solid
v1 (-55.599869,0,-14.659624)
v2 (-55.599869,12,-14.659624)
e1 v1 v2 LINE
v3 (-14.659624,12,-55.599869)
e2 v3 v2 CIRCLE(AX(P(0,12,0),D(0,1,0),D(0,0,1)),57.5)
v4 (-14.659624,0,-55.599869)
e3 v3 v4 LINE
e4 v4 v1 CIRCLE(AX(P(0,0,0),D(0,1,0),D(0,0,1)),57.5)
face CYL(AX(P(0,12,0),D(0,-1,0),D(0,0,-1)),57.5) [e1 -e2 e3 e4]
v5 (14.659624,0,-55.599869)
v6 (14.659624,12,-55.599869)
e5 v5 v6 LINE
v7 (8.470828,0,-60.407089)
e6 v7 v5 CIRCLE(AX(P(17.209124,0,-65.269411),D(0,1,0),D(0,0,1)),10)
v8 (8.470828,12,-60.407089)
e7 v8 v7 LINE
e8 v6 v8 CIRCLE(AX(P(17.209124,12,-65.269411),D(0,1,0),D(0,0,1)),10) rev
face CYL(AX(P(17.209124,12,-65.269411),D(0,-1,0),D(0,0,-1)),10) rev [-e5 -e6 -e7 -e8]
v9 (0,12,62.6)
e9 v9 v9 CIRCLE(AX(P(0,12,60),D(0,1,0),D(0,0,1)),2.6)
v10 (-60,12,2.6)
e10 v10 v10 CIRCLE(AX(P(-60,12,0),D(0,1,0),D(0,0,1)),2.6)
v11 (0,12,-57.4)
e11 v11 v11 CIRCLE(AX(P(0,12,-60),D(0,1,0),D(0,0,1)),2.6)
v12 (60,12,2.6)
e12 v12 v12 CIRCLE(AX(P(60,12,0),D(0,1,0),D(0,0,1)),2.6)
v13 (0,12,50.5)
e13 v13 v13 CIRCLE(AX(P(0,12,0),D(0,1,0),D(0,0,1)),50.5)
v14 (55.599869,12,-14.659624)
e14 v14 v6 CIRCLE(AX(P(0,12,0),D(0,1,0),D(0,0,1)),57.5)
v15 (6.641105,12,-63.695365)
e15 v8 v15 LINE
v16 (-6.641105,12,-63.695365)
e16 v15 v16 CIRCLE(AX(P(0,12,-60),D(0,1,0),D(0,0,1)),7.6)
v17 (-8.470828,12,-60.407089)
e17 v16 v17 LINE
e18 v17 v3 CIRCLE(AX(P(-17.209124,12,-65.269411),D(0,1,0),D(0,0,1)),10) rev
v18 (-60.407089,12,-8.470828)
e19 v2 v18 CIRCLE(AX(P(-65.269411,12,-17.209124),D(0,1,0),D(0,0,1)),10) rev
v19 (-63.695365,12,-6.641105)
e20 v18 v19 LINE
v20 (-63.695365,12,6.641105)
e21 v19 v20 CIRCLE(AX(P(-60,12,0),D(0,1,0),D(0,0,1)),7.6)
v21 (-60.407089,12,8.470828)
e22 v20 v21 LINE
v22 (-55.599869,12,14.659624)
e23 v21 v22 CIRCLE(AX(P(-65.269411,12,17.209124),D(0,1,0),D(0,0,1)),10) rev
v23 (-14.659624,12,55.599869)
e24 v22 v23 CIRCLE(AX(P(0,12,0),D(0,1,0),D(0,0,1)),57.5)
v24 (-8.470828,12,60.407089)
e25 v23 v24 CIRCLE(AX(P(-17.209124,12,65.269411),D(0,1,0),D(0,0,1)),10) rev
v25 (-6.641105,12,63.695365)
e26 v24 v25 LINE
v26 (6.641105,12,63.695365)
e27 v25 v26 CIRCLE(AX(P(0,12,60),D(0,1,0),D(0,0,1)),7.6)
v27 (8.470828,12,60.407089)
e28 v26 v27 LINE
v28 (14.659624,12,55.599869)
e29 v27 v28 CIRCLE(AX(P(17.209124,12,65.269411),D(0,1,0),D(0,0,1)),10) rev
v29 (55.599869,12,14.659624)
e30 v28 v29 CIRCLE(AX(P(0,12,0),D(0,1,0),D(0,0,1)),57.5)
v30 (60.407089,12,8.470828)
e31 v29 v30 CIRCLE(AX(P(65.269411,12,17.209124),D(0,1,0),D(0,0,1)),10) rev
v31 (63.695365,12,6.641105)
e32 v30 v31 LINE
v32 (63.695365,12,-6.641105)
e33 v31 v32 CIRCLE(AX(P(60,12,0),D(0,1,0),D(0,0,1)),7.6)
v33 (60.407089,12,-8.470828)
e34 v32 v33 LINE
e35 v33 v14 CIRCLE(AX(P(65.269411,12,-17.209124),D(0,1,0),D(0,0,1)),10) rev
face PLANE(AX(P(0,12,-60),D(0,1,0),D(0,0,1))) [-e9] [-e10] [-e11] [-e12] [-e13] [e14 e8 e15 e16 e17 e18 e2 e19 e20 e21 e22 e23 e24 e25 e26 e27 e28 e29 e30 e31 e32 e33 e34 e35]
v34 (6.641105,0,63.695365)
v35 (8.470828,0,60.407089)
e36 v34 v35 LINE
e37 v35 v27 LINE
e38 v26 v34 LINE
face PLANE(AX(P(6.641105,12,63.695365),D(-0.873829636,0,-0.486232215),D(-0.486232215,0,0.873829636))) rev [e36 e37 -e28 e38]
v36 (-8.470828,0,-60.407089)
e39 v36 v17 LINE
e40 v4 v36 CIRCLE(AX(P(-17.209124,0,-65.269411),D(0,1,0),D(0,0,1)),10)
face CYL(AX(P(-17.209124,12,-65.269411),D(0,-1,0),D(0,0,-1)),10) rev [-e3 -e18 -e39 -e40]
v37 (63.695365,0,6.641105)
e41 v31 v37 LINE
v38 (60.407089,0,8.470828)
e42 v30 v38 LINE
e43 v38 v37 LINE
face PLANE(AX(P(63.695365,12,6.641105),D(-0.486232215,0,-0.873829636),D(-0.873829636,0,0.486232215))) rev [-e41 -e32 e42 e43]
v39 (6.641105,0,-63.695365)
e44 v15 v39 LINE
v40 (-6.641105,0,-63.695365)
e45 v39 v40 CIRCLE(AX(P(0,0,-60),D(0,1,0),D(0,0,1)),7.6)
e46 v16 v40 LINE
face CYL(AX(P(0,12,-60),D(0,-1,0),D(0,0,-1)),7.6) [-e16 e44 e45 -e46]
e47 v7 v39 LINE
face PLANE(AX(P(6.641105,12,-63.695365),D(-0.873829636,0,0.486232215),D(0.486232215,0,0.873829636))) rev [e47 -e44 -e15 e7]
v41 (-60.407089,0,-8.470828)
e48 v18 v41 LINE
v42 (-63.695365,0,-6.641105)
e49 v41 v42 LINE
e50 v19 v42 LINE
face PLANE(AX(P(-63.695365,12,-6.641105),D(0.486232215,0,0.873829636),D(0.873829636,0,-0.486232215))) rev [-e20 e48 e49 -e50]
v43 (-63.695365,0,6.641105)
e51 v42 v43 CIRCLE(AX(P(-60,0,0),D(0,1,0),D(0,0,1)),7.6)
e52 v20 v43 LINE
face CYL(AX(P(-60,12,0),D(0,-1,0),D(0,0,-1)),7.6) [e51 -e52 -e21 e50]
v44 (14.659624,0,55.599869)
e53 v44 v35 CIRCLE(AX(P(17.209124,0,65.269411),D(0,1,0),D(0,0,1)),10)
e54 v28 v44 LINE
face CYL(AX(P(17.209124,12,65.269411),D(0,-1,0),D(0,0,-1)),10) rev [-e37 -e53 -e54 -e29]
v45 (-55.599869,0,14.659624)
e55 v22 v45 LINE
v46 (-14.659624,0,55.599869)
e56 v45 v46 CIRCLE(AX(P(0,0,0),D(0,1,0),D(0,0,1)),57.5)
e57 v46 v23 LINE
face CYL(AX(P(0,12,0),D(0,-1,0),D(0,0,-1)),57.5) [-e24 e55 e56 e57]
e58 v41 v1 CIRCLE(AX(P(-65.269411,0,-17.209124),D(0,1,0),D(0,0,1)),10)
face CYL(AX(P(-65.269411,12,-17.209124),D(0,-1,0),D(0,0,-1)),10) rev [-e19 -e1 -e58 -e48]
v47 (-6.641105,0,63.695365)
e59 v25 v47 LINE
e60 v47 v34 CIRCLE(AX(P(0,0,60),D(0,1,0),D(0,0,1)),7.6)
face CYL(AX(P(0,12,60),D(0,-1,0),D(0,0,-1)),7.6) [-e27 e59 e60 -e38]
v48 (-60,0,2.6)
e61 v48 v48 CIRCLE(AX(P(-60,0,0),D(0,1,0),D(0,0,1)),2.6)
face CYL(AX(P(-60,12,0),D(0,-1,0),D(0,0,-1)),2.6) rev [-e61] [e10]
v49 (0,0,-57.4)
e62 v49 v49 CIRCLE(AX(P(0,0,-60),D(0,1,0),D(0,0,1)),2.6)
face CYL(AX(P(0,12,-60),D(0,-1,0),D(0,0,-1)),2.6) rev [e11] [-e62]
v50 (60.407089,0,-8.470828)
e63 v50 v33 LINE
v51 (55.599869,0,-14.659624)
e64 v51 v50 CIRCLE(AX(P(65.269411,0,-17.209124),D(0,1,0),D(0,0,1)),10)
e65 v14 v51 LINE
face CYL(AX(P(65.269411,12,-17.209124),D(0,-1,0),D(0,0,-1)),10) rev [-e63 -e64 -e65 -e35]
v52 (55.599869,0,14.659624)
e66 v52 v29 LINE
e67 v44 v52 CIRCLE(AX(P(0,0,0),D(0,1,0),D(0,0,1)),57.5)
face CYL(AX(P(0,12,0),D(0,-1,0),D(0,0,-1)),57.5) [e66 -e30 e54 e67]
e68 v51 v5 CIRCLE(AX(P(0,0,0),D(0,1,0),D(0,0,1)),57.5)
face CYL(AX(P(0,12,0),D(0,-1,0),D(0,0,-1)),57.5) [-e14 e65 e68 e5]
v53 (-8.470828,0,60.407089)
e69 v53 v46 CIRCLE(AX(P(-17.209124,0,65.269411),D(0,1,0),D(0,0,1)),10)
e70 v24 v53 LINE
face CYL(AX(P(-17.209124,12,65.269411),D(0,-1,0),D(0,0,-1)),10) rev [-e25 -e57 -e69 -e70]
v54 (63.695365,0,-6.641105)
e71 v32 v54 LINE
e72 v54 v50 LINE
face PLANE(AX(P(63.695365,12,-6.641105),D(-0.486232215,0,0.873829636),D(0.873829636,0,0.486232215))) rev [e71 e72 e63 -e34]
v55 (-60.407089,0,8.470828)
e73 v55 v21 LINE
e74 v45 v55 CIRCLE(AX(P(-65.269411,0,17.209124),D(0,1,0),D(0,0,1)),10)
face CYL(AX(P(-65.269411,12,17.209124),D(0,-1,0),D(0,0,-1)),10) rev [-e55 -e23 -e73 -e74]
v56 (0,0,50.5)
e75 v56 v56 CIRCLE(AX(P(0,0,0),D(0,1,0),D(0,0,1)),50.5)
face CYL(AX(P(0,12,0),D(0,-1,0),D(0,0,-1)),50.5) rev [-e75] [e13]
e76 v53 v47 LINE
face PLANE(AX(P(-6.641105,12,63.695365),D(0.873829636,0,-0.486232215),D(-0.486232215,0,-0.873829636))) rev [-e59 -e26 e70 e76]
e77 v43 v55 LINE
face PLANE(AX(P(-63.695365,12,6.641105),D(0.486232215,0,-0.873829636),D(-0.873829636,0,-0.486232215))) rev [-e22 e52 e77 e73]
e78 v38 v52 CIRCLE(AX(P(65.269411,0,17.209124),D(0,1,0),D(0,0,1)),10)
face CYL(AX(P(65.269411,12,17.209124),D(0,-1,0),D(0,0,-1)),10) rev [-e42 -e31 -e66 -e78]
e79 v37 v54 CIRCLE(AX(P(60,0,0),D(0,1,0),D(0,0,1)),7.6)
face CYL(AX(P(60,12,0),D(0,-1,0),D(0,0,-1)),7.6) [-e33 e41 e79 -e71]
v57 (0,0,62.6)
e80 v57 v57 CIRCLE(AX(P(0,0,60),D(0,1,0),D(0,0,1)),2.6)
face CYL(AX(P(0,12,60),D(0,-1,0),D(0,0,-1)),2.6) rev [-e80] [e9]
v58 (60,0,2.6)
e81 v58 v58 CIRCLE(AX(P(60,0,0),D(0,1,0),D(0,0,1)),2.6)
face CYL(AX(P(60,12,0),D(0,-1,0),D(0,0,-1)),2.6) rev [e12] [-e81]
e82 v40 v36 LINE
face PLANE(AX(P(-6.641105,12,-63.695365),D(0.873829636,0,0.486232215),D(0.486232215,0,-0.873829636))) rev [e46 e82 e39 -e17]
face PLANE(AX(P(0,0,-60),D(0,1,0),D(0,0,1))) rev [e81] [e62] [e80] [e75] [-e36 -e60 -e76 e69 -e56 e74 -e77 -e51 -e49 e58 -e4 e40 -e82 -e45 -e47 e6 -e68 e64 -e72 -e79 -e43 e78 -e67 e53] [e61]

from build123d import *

# Parameters (mm, degrees)
SKETCH_1_R      = 50.5
SKETCH_1_R_2    = 2.6
EXTRUDE_1_DEPTH = 12
FILLET_1_R      = 10


with BuildPart() as part:
    # ｽｹｯﾁ1 → ﾎﾞｽ - 押し出し1 (new body)
    with BuildSketch(Plane(origin=(0, 0, 0), x_dir=(1, 0, 0), z_dir=(0, 1, 0))):
        with BuildLine():
            Line((-6.641105235, 63.695364835), (-10.641105235, 56.506786136))
            ThreePointArc((-10.641105235, 56.506786136), (-40.658639918, 40.658639918), (-56.506786136, 10.641105235))
            Line((-56.506786136, 10.641105235), (-63.695364835, 6.641105235))
            ThreePointArc((-63.695364835, 6.641105235), (-67.6, 0), (-63.695364835, -6.641105235))
            Line((-63.695364835, -6.641105235), (-56.506786136, -10.641105235))
            ThreePointArc((-56.506786136, -10.641105235), (-40.658639918, -40.658639918), (-10.641105235, -56.506786136))
            Line((-10.641105235, -56.506786136), (-6.641105235, -63.695364835))
            ThreePointArc((-6.641105235, -63.695364835), (0, -67.6), (6.641105235, -63.695364835))
            Line((6.641105235, -63.695364835), (10.641105235, -56.506786136))
            ThreePointArc((10.641105235, -56.506786136), (40.658639918, -40.658639918), (56.506786136, -10.641105235))
            Line((56.506786136, -10.641105235), (63.695364835, -6.641105235))
            ThreePointArc((63.695364835, -6.641105235), (67.6, 0), (63.695364835, 6.641105235))
            Line((63.695364835, 6.641105235), (56.506786136, 10.641105235))
            ThreePointArc((56.506786136, 10.641105235), (40.658639918, 40.658639918), (10.641105235, 56.506786136))
            Line((10.641105235, 56.506786136), (6.641105235, 63.695364835))
            ThreePointArc((6.641105235, 63.695364835), (0, 67.6), (-6.641105235, 63.695364835))
        make_face()
        with Locations(Location((0, 0, 0), (0, 0, 270))):
            Circle(SKETCH_1_R, mode=Mode.SUBTRACT)
        with Locations(Location((0, 60, 0), (0, 0, 270))):
            Circle(SKETCH_1_R_2, mode=Mode.SUBTRACT)
        with Locations(Location((60, 0, 0), (0, 0, 270))):
            Circle(SKETCH_1_R_2, mode=Mode.SUBTRACT)
        with Locations(Location((0, -60, 0), (0, 0, 270))):
            Circle(SKETCH_1_R_2, mode=Mode.SUBTRACT)
        with Locations(Location((-60, 0, 0), (0, 0, 270))):
            Circle(SKETCH_1_R_2, mode=Mode.SUBTRACT)
    extrude(amount=EXTRUDE_1_DEPTH)

    # ﾌｨﾚｯﾄ1
    fillet_1_edges = [part.edges().sort_by_distance(p)[0] for p in [
        (10.641105235, 6, -56.506786136),
        (56.506786136, 6, -10.641105235),
        (56.506786136, 6, 10.641105235),
        (10.641105235, 6, 56.506786136),
        (-10.641105235, 6, 56.506786136),
        (-56.506786136, 6, 10.641105235),
        (-56.506786136, 6, -10.641105235),
        (-10.641105235, 6, -56.506786136),
    ]]
    fillet(fillet_1_edges, radius=FILLET_1_R)


solid = part.part
